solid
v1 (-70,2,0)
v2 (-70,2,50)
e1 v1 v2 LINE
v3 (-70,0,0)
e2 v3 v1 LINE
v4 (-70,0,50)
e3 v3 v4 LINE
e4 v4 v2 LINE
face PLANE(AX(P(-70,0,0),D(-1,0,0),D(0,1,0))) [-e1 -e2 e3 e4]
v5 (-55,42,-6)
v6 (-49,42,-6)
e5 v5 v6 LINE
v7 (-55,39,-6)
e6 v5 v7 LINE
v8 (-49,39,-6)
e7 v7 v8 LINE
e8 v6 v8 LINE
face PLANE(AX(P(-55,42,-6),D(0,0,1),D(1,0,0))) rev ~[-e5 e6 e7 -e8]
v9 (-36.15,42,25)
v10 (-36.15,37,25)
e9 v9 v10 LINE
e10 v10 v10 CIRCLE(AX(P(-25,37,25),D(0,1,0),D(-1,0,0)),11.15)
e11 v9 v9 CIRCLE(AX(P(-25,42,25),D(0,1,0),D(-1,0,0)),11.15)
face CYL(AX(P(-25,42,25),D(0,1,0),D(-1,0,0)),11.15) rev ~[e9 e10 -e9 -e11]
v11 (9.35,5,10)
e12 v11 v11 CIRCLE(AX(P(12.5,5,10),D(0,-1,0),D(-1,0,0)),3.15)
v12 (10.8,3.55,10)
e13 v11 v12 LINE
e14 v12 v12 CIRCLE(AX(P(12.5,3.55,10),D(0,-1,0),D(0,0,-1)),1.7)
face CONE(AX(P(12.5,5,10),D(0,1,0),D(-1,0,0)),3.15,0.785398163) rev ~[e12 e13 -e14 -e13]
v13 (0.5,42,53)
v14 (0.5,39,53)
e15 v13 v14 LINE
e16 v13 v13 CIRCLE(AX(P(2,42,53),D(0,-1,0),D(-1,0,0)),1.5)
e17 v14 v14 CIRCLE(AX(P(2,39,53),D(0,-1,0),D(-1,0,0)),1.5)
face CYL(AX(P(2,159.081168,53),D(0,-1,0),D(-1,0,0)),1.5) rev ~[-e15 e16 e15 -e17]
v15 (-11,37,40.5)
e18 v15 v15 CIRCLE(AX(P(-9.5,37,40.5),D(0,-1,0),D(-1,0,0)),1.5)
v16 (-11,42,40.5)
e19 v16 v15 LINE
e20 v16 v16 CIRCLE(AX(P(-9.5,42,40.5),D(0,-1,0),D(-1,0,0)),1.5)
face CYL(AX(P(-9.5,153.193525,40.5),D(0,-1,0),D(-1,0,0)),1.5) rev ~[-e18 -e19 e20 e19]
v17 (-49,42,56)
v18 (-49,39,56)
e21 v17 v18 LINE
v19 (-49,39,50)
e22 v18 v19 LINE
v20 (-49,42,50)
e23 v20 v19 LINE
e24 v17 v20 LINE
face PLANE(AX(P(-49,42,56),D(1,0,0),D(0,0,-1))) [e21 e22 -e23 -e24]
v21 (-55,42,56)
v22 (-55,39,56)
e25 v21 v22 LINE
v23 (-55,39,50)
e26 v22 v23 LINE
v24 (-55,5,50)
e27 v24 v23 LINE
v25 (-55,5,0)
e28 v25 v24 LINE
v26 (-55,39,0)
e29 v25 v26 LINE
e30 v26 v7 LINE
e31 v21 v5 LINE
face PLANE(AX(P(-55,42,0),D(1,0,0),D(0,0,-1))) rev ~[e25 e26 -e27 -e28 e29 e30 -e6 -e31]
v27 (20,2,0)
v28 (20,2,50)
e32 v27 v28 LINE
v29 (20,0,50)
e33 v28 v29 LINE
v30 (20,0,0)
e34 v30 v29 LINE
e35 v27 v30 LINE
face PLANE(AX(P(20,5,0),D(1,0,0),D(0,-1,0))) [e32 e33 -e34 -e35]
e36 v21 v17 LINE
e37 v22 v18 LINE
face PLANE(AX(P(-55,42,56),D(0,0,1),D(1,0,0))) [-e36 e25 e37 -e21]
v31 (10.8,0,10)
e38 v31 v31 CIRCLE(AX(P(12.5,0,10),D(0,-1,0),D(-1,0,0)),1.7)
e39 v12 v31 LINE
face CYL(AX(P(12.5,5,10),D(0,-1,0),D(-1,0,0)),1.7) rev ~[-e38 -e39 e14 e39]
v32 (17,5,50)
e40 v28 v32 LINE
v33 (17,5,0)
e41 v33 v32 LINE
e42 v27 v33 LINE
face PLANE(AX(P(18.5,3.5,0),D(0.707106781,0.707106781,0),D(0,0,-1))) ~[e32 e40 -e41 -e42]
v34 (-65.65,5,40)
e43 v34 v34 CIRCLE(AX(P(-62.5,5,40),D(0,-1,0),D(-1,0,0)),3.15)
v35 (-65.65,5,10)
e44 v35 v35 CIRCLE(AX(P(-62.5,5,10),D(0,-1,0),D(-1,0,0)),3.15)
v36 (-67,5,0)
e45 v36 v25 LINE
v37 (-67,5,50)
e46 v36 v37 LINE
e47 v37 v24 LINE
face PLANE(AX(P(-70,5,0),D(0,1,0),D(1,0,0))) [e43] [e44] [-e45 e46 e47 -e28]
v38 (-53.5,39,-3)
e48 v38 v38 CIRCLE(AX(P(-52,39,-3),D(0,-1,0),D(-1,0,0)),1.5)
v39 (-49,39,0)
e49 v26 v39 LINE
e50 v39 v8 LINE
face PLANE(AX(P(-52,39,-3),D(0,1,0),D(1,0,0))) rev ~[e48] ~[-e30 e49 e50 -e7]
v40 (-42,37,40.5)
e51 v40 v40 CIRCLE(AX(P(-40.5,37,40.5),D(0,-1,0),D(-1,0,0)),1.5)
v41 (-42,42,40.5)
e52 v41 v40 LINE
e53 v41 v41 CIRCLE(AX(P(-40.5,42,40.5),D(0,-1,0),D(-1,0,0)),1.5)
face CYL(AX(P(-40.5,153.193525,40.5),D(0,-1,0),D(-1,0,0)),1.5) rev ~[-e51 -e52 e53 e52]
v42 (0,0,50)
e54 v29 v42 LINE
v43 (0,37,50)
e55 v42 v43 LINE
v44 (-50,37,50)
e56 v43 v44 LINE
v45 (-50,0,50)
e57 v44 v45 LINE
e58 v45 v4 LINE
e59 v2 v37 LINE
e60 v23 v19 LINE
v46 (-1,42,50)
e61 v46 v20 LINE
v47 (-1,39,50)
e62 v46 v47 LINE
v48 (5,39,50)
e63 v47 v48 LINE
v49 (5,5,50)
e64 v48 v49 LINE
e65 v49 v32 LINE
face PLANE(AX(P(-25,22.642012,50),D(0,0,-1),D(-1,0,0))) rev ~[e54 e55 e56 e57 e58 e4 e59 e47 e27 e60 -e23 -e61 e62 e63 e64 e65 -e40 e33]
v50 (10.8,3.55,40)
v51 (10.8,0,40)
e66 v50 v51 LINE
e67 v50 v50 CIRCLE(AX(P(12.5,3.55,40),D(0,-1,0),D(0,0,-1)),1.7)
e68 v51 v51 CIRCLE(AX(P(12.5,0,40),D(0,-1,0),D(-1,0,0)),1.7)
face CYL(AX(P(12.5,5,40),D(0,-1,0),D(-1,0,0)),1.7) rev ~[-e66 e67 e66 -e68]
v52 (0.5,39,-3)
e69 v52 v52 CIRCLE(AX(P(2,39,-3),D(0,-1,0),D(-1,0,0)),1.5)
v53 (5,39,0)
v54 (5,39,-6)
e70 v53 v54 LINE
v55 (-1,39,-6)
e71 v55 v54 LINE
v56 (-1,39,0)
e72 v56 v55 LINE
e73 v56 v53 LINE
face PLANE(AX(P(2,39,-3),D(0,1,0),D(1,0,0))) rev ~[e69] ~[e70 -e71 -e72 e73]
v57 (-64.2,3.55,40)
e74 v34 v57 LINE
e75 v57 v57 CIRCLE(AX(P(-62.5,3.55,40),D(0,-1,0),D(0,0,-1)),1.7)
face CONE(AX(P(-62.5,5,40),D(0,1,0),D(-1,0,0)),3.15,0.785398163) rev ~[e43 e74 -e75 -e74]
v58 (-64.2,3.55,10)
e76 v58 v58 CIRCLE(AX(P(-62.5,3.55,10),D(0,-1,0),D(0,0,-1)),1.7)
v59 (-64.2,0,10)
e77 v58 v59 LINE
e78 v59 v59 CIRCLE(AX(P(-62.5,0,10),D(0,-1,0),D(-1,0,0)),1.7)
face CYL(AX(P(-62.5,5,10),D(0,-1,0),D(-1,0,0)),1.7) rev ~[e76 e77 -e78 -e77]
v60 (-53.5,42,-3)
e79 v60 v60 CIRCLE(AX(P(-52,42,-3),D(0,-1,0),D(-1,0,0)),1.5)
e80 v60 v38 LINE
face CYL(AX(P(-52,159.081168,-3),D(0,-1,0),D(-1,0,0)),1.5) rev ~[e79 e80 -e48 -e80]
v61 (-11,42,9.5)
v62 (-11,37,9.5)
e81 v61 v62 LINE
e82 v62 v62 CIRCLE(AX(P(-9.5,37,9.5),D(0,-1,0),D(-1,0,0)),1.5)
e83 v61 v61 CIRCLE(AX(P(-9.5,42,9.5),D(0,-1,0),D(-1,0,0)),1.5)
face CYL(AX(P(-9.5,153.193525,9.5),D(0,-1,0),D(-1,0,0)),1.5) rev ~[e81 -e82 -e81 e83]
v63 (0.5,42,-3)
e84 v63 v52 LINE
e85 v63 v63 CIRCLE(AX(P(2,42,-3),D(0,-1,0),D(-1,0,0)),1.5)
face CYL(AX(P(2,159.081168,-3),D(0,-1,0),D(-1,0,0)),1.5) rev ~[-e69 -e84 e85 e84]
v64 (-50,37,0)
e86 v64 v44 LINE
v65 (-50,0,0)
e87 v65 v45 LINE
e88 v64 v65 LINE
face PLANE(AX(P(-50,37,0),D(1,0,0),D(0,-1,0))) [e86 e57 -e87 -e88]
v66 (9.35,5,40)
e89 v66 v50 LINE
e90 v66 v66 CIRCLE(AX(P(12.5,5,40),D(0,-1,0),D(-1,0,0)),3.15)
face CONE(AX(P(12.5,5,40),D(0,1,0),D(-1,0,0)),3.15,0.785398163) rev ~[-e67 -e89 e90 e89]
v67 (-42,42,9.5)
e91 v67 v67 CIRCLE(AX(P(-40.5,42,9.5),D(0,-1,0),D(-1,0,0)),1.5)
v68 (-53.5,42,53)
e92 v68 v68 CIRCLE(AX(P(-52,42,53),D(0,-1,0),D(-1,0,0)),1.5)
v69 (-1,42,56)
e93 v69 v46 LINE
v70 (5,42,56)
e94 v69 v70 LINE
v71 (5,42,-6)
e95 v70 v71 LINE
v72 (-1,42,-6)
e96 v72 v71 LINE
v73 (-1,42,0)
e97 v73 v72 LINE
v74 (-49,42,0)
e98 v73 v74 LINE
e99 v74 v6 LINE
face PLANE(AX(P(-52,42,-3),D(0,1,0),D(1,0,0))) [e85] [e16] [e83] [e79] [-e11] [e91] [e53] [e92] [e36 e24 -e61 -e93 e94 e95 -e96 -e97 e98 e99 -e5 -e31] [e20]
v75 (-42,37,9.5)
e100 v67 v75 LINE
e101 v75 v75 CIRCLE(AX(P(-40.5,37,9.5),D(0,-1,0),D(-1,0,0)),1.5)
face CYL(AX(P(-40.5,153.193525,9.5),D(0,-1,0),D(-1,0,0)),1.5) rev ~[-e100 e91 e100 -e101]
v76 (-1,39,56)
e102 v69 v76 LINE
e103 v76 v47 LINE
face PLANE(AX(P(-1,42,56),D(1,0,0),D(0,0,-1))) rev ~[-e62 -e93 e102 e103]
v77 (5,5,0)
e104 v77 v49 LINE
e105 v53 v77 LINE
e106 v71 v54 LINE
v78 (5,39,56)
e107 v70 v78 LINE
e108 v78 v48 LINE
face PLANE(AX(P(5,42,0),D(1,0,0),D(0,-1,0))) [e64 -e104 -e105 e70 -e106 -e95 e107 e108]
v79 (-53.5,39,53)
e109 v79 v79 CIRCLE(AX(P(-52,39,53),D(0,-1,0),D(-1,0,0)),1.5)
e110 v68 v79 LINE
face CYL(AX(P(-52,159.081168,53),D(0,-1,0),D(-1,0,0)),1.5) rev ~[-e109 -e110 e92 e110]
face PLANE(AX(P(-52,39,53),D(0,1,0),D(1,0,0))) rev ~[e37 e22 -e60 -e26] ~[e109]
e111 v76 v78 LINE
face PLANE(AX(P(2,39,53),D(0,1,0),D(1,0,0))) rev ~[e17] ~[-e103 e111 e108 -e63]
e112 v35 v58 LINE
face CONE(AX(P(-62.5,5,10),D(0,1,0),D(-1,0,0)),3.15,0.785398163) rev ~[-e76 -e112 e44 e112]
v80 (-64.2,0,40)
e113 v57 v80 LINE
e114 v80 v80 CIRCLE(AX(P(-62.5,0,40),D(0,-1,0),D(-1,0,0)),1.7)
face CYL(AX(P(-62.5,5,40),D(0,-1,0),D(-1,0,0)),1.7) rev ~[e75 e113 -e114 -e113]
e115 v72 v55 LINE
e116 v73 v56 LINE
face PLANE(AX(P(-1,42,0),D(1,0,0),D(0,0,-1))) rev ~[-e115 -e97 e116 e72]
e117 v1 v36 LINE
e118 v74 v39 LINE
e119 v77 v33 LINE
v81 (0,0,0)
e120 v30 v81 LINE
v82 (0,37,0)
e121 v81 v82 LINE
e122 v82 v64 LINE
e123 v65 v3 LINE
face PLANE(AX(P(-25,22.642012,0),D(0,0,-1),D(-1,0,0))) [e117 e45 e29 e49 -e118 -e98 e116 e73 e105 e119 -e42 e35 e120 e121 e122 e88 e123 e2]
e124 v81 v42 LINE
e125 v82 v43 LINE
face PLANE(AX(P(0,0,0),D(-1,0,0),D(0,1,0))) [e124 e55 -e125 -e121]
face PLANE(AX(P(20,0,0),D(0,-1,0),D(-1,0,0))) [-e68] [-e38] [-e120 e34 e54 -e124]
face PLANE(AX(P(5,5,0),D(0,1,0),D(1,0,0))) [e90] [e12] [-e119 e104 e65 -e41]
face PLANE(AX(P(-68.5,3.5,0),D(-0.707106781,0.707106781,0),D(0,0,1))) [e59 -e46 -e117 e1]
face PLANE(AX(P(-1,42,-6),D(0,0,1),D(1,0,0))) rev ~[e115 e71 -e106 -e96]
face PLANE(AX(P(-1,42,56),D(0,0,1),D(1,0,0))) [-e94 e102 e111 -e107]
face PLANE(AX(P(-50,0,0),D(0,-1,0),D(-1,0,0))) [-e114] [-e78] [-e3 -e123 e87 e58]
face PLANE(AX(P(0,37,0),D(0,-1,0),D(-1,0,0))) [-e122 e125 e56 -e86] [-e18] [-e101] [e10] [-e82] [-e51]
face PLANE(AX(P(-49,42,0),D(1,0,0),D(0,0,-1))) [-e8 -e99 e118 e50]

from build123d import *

# Parameters (mm, degrees)
BOSS_EXTRUDE1_DEPTH                             = 50
CSK_FOR_M3_FLAT_HEAD_MACHINE_SCREW1_D           = 3.4
CSK_FOR_M3_FLAT_HEAD_MACHINE_SCREW1_CSINK_D     = 6.3
CSK_FOR_M3_FLAT_HEAD_MACHINE_SCREW1_CSINK_ANGLE = 90
SKETCH8_R                                       = 11.15
CUT_EXTRUDE1_DEPTH                              = 41
F_3_0_3_DIAMETER_HOLE1_D                        = 3
CHAMFER1_SIZE                                   = 3
SKETCH14_W                                      = 6
SKETCH14_H                                      = 6
BOSS_EXTRUDE2_DEPTH                             = 3
F_3_0_3_DIAMETER_HOLE2_D                        = 3


with BuildPart() as part:
    # Sketch2 → Boss-Extrude1 (new body)
    with BuildSketch(Plane.XY):
        Polygon((0, 0), (0, 37), (-50, 37), (-50, 0), (-70, 0), (-70, 5), (-55, 5), (-55, 42), (-50, 42), (5, 42), (5, 5), (20, 5), (20, 0), align=None)
    extrude(amount=BOSS_EXTRUDE1_DEPTH)

    # CSK for M3 Flat Head Machine Screw1 (through all)
    with Locations(Plane(origin=(0, 5, 0), x_dir=(1, 0, 0), z_dir=(0, 1, 0))):
        with Locations((-62.5, -10), (-62.5, -40), (12.5, -40), (12.5, -10)):
            CounterSinkHole(CSK_FOR_M3_FLAT_HEAD_MACHINE_SCREW1_D / 2, CSK_FOR_M3_FLAT_HEAD_MACHINE_SCREW1_CSINK_D / 2, counter_sink_angle=CSK_FOR_M3_FLAT_HEAD_MACHINE_SCREW1_CSINK_ANGLE)

    # Sketch8 → Cut-Extrude1 (cut)
    with BuildSketch(Plane(origin=(0, 42, 0), x_dir=(1, 0, 0), z_dir=(0, 1, 0))):
        with Locations(Location((-25, -25, 0), (0, 0, 180))):
            Circle(SKETCH8_R)
    extrude(amount=-CUT_EXTRUDE1_DEPTH, mode=Mode.SUBTRACT)

    # Ø3.0 (3) Diameter Hole1 (through all)
    with Locations(Plane(origin=(0, 42, 0), x_dir=(1, 0, 0), z_dir=(0, 1, 0))):
        with Locations((-40.5, -40.5), (-40.5, -9.5), (-9.5, -9.5), (-9.5, -40.5)):
            Hole(F_3_0_3_DIAMETER_HOLE1_D / 2)

    # Chamfer1
    chamfer1_edges = [part.edges().sort_by_distance(p)[0] for p in [
        (-70, 5, 25),
        (20, 5, 25),
    ]]
    chamfer(chamfer1_edges, length=CHAMFER1_SIZE)

    # Sketch14 → Boss-Extrude2 (add)
    with BuildSketch(Plane(origin=(0, 42, 0), x_dir=(1, 0, 0), z_dir=(0, 1, 0))):
        with Locations((-52, 3)):
            Rectangle(SKETCH14_W, SKETCH14_H)
        with Locations((-52, -53)):
            Rectangle(SKETCH14_W, SKETCH14_H)
        with Locations((2, 3)):
            Rectangle(SKETCH14_W, SKETCH14_H)
        with Locations((2, -53)):
            Rectangle(SKETCH14_W, SKETCH14_H)
    extrude(amount=-BOSS_EXTRUDE2_DEPTH)

    # Ø3.0 (3) Diameter Hole2 (through all)
    with Locations(Plane(origin=(0, 42, 0), x_dir=(1, 0, 0), z_dir=(0, 1, 0))):
        with Locations((-52, 3), (2, 3), (2, -53), (-52, -53)):
            Hole(F_3_0_3_DIAMETER_HOLE2_D / 2)


solid = part.part
